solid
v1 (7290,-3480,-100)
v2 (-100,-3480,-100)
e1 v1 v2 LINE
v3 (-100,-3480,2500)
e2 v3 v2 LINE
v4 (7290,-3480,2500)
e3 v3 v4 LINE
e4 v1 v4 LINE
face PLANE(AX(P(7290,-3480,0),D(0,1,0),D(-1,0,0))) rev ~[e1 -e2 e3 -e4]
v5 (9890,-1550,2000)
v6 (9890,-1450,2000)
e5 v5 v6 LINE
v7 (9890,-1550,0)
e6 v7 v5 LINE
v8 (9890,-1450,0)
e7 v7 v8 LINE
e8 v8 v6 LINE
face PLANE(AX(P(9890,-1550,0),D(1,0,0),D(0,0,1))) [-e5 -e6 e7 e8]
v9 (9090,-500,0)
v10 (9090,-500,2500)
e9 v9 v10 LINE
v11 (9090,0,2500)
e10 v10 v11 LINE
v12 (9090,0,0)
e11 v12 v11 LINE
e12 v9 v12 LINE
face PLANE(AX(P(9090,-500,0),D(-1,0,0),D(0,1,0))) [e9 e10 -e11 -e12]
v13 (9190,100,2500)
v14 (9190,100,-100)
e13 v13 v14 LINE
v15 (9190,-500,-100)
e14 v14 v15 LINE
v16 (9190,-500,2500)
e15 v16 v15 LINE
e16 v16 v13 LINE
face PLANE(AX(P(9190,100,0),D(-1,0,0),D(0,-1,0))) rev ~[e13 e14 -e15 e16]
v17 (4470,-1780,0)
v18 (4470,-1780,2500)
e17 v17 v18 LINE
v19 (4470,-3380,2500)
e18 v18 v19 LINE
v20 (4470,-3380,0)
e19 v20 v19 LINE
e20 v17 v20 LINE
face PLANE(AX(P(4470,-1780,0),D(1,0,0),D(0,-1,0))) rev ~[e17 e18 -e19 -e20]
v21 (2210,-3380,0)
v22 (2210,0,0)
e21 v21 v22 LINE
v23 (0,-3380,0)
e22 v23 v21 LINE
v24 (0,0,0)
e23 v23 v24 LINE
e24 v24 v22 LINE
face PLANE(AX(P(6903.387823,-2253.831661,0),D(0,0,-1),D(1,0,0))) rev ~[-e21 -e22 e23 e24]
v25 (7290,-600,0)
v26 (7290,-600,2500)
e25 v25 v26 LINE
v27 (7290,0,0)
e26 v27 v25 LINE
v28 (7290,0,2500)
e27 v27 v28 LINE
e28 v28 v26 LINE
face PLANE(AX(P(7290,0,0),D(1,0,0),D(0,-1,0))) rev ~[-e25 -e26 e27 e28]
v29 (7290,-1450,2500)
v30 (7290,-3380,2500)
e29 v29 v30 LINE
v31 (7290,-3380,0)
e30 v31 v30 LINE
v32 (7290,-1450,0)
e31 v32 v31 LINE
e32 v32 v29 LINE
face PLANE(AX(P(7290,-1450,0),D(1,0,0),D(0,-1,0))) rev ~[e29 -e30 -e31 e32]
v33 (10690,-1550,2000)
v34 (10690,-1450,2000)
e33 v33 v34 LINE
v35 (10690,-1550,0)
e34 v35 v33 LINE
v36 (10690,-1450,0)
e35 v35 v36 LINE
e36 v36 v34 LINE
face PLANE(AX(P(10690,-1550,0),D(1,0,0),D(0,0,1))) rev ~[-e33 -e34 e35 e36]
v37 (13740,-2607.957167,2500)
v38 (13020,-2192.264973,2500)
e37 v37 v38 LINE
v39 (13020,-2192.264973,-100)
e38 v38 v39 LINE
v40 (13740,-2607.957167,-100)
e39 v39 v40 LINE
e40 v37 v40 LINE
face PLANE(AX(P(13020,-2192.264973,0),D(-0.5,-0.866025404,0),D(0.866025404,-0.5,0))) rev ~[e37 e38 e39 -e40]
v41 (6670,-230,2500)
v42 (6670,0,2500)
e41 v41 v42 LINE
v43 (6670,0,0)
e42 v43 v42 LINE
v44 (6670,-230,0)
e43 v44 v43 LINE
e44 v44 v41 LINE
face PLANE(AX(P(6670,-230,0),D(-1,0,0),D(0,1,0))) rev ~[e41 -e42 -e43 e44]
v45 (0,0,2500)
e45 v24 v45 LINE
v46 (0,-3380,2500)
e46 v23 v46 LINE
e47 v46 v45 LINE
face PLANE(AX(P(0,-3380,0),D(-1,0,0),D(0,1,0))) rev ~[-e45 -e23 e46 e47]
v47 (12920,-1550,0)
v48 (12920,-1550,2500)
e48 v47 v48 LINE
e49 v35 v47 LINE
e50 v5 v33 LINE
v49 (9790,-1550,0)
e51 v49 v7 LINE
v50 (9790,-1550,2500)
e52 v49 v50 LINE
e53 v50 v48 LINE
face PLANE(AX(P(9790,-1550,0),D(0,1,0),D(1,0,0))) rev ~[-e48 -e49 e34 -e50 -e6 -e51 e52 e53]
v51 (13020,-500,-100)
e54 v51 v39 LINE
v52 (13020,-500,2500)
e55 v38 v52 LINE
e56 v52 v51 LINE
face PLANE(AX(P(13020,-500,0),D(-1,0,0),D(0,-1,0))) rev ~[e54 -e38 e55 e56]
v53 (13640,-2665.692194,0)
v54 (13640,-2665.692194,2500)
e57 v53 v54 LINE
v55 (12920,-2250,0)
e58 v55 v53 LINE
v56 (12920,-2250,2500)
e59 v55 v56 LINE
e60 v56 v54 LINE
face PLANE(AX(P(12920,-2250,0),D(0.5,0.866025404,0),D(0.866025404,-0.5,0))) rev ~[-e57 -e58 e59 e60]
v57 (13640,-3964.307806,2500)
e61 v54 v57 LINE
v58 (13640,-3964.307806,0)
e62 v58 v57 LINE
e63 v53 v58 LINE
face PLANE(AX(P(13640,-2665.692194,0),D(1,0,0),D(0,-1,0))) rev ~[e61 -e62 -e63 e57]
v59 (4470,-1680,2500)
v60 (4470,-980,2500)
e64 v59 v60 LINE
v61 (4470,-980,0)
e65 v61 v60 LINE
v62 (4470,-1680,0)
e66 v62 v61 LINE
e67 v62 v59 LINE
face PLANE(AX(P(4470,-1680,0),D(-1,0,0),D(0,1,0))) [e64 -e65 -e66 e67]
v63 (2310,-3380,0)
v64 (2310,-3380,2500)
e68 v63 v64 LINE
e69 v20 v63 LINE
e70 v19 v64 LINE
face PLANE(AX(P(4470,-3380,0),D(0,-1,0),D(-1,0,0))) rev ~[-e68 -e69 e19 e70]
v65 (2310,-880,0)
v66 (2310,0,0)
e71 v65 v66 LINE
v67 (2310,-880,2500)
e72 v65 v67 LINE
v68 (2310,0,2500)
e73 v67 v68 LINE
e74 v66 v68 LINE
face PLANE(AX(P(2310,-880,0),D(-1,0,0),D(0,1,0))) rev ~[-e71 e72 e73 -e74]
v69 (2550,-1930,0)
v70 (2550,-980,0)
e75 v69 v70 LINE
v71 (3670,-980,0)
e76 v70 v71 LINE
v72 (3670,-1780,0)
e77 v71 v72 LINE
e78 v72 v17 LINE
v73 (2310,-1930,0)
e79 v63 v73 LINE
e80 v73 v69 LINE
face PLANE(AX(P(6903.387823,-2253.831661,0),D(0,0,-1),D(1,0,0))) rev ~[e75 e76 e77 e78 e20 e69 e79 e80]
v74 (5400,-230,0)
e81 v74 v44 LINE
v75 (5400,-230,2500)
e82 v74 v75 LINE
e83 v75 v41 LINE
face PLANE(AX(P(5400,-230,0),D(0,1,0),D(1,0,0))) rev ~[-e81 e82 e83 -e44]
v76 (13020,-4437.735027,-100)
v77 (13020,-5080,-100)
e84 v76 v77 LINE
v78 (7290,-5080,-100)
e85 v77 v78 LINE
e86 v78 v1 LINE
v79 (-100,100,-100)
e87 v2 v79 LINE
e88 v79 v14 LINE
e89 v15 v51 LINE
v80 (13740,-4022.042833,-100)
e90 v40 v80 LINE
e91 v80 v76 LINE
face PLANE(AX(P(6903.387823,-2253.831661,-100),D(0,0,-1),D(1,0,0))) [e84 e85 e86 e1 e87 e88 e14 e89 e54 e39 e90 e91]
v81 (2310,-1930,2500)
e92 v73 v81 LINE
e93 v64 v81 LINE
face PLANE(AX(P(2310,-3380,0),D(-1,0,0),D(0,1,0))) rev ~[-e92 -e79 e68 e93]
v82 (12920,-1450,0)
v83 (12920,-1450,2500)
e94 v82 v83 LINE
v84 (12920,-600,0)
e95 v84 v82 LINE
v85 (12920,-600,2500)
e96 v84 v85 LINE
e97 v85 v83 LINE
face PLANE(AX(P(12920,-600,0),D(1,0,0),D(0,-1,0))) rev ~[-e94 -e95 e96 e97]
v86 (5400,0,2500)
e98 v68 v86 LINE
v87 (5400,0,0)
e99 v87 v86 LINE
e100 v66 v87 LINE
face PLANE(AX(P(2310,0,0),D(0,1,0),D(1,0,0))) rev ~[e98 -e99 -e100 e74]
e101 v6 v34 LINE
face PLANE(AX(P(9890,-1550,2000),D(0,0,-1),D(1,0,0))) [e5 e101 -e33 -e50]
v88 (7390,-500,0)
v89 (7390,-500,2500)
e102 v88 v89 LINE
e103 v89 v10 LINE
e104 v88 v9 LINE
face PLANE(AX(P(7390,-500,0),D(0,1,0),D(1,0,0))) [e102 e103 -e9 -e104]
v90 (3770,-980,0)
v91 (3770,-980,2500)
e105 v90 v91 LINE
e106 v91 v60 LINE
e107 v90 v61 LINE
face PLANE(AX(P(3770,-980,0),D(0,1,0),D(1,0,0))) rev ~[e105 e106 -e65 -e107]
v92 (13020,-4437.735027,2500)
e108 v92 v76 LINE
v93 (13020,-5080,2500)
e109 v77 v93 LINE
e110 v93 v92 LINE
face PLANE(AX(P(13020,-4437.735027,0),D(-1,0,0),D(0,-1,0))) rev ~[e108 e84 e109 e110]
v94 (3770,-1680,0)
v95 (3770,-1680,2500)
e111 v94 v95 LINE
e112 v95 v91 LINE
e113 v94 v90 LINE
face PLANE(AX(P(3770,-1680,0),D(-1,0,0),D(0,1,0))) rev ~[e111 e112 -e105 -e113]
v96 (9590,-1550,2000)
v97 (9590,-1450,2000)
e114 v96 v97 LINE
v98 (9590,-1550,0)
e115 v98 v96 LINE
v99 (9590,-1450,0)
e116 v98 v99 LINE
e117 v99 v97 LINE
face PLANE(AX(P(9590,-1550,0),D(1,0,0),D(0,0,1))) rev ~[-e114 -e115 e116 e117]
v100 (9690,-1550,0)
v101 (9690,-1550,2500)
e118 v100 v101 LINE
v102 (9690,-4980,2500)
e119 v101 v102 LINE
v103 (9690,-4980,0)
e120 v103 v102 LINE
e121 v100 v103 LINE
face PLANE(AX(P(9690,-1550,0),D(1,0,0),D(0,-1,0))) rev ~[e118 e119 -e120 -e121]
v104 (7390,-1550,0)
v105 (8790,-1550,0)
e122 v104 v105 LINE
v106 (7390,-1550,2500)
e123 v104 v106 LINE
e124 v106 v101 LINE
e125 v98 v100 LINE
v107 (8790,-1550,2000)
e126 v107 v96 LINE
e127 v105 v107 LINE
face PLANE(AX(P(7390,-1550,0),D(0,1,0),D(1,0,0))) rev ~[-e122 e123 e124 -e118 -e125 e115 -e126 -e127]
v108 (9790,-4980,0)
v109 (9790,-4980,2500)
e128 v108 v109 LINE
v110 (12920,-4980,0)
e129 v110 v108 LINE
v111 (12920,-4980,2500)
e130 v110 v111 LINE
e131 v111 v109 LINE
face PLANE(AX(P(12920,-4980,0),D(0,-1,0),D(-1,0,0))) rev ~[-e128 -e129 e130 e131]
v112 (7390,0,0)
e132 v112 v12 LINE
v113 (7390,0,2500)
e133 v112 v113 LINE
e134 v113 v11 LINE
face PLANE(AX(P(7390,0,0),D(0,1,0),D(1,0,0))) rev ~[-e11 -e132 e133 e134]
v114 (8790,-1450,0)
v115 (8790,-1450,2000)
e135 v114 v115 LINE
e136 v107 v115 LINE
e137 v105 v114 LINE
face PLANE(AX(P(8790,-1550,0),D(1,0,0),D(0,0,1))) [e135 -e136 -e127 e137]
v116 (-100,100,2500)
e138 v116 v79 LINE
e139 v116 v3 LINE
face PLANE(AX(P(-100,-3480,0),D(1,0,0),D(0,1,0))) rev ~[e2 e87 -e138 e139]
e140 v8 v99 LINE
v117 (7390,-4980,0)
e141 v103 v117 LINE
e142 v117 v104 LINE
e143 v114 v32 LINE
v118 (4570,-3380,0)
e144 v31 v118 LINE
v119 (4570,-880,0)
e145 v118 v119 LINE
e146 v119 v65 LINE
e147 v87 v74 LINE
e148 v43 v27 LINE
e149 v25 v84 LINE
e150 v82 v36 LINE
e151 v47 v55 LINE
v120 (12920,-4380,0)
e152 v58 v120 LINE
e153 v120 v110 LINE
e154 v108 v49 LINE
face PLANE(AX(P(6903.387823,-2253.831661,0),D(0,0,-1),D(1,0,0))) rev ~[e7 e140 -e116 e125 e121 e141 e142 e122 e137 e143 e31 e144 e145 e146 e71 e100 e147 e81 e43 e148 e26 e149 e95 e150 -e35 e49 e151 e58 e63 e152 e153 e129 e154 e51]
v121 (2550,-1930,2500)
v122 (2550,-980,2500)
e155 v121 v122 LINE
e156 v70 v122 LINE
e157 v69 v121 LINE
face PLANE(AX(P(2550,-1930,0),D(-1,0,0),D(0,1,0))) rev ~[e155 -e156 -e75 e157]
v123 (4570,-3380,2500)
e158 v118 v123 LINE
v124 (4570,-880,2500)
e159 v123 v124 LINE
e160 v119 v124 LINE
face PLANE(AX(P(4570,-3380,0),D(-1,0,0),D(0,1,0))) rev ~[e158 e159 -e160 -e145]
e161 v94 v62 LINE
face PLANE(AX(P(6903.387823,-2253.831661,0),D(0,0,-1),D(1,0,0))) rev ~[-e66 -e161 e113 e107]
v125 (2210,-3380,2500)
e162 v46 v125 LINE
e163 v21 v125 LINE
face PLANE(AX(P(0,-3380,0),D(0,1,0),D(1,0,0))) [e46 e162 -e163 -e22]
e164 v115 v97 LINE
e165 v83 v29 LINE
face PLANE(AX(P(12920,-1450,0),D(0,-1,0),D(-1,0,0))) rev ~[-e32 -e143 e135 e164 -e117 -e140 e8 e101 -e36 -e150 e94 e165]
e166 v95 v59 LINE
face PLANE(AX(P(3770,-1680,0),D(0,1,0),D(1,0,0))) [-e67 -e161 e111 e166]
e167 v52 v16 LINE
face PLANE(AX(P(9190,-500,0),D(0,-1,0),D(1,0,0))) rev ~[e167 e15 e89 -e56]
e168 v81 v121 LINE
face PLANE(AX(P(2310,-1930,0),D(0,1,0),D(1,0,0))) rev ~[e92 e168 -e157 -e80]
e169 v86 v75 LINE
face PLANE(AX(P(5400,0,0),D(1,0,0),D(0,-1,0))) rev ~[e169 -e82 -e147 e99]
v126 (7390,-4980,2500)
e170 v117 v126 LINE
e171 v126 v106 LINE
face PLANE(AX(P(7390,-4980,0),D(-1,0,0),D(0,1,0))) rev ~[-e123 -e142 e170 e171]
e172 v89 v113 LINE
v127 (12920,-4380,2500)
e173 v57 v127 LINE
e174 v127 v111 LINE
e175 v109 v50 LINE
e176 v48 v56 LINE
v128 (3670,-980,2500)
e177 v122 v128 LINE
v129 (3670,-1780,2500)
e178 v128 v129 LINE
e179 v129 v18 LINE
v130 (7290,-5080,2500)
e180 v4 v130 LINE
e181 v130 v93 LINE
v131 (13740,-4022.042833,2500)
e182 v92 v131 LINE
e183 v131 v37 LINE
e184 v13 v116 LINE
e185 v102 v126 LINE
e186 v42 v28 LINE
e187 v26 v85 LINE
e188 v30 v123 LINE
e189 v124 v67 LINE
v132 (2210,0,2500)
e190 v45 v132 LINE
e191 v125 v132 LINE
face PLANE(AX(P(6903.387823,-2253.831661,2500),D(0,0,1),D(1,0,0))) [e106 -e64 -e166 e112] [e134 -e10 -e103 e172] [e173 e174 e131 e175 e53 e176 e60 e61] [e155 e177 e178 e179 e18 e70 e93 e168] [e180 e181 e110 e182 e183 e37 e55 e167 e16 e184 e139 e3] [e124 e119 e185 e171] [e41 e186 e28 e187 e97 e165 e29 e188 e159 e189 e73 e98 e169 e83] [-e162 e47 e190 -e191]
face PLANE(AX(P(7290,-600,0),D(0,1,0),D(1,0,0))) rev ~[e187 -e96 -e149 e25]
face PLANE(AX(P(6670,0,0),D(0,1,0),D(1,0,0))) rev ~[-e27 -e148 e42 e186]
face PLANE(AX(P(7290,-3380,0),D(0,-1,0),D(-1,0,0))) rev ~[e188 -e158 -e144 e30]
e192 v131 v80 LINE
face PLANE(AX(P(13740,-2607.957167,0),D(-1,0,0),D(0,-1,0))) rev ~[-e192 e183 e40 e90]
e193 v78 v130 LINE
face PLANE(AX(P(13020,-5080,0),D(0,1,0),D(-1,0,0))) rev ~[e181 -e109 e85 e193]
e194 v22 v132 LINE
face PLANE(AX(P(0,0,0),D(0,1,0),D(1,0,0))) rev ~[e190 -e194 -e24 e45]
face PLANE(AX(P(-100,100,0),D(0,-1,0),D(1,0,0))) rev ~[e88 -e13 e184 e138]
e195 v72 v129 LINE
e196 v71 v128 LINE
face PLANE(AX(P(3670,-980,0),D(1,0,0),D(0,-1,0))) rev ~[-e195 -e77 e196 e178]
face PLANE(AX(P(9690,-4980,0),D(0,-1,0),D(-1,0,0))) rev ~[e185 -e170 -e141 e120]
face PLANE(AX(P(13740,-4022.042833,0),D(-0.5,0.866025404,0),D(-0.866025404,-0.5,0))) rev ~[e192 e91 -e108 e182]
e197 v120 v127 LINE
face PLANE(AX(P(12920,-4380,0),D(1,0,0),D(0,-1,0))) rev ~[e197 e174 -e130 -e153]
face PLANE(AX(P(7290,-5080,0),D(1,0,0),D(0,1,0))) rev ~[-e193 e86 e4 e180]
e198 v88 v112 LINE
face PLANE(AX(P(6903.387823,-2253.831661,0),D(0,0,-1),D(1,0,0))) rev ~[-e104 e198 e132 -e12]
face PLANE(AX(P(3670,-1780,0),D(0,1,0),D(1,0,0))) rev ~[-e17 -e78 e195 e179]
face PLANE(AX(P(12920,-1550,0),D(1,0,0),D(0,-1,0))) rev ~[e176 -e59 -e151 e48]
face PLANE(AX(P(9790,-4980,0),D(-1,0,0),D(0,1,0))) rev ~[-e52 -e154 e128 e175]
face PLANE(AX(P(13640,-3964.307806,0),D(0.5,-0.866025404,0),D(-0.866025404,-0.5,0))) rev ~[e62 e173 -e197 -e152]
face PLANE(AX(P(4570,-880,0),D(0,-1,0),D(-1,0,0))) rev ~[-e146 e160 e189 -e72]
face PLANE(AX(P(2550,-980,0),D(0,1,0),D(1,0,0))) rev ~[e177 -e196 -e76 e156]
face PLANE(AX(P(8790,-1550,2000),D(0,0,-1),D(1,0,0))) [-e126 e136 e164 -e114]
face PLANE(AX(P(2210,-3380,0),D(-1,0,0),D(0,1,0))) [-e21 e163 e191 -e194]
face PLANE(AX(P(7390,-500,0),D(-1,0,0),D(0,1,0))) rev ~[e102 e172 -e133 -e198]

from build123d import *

# Parameters (mm, degrees)
F0_W     = 2210
F0_H     = 3380
F0_W_2   = 700
F0_H_2   = 700
F0_W_3   = 1700
F0_H_3   = 500
F1_DEPTH = 2500
F3_DEPTH = 100
F4_W     = 800
F4_H     = 2000
F5_DEPTH = 100


with BuildPart() as f1:
    # F0 (on Top) → F1 (new body)
    with BuildSketch(Plane.XY):
        Polygon((7390, 100), (-100, 100), (-100, -3480), (7290, -3480), (7290, -5080), (10190, -5080), (13020, -5080), (13020, -4980), (13020, -4437.735027), (13740, -4022.042833), (13740, -2607.957167), (13020, -2192.264973), (13020, -1550), (13020, -500), (12720, -500), (9190, -500), (9190, 100), align=None)
        Polygon((7390, -4980), (7390, -3480), (7390, -1550), (9690, -1550), (9690, -4980), (9590, -4980), (7890, -4980), align=None, mode=Mode.SUBTRACT)
        Polygon((10090, -1550), (10190, -1550), (12720, -1550), (12920, -1550), (12920, -2250), (13640, -2665.692194), (13640, -3964.307806), (12920, -4380), (12920, -4980), (12210, -4980), (10890, -4980), (10190, -4980), (10090, -4980), (9790, -4980), (9790, -1550), align=None, mode=Mode.SUBTRACT)
        with Locations((1105, -1690)):
            Rectangle(F0_W, F0_H, mode=Mode.SUBTRACT)
        Polygon((4470, -3380), (2310, -3380), (2310, -1930), (2550, -1930), (2550, -980), (3670, -980), (3670, -1780), (4470, -1780), align=None, mode=Mode.SUBTRACT)
        with Locations((4120, -1330)):
            Rectangle(F0_W_2, F0_H_2, mode=Mode.SUBTRACT)
        Polygon((7290, 0), (7290, -600), (7390, -600), (12620, -600), (12920, -600), (12920, -1450), (12620, -1450), (10190, -1450), (7390, -1450), (7290, -1450), (7290, -1550), (7290, -3380), (4570, -3380), (4570, -880), (2310, -880), (2310, 0), (5400, 0), (5400, -230), (6670, -230), (6670, 0), align=None, mode=Mode.SUBTRACT)
        with Locations((8240, -250)):
            Rectangle(F0_W_3, F0_H_3, mode=Mode.SUBTRACT)
    extrude(amount=F1_DEPTH)

    # F2 (on face) → F3 (join)
    with BuildSketch(Plane(origin=(0, 0, 0), x_dir=(1, 0, 0), z_dir=(0, 0, -1))):
        Polygon((7290, 3480), (-100, 3480), (-100, -100), (9190, -100), (9190, 500), (13020, 500), (13020, 2192.264973), (13740, 2607.957167), (13740, 4022.042833), (13020, 4437.735027), (13020, 5080), (7290, 5080), align=None)
    extrude(amount=F3_DEPTH)

    # F4 (on face) → F5 (cut, through all)
    with BuildSketch(Plane.XZ.offset(1550)):
        with Locations((10290, 1000)):
            Rectangle(F4_W, F4_H)
        with Locations((9190, 1000)):
            Rectangle(F4_W, F4_H)
    extrude(amount=-F5_DEPTH, mode=Mode.SUBTRACT)


solid = f1.part
